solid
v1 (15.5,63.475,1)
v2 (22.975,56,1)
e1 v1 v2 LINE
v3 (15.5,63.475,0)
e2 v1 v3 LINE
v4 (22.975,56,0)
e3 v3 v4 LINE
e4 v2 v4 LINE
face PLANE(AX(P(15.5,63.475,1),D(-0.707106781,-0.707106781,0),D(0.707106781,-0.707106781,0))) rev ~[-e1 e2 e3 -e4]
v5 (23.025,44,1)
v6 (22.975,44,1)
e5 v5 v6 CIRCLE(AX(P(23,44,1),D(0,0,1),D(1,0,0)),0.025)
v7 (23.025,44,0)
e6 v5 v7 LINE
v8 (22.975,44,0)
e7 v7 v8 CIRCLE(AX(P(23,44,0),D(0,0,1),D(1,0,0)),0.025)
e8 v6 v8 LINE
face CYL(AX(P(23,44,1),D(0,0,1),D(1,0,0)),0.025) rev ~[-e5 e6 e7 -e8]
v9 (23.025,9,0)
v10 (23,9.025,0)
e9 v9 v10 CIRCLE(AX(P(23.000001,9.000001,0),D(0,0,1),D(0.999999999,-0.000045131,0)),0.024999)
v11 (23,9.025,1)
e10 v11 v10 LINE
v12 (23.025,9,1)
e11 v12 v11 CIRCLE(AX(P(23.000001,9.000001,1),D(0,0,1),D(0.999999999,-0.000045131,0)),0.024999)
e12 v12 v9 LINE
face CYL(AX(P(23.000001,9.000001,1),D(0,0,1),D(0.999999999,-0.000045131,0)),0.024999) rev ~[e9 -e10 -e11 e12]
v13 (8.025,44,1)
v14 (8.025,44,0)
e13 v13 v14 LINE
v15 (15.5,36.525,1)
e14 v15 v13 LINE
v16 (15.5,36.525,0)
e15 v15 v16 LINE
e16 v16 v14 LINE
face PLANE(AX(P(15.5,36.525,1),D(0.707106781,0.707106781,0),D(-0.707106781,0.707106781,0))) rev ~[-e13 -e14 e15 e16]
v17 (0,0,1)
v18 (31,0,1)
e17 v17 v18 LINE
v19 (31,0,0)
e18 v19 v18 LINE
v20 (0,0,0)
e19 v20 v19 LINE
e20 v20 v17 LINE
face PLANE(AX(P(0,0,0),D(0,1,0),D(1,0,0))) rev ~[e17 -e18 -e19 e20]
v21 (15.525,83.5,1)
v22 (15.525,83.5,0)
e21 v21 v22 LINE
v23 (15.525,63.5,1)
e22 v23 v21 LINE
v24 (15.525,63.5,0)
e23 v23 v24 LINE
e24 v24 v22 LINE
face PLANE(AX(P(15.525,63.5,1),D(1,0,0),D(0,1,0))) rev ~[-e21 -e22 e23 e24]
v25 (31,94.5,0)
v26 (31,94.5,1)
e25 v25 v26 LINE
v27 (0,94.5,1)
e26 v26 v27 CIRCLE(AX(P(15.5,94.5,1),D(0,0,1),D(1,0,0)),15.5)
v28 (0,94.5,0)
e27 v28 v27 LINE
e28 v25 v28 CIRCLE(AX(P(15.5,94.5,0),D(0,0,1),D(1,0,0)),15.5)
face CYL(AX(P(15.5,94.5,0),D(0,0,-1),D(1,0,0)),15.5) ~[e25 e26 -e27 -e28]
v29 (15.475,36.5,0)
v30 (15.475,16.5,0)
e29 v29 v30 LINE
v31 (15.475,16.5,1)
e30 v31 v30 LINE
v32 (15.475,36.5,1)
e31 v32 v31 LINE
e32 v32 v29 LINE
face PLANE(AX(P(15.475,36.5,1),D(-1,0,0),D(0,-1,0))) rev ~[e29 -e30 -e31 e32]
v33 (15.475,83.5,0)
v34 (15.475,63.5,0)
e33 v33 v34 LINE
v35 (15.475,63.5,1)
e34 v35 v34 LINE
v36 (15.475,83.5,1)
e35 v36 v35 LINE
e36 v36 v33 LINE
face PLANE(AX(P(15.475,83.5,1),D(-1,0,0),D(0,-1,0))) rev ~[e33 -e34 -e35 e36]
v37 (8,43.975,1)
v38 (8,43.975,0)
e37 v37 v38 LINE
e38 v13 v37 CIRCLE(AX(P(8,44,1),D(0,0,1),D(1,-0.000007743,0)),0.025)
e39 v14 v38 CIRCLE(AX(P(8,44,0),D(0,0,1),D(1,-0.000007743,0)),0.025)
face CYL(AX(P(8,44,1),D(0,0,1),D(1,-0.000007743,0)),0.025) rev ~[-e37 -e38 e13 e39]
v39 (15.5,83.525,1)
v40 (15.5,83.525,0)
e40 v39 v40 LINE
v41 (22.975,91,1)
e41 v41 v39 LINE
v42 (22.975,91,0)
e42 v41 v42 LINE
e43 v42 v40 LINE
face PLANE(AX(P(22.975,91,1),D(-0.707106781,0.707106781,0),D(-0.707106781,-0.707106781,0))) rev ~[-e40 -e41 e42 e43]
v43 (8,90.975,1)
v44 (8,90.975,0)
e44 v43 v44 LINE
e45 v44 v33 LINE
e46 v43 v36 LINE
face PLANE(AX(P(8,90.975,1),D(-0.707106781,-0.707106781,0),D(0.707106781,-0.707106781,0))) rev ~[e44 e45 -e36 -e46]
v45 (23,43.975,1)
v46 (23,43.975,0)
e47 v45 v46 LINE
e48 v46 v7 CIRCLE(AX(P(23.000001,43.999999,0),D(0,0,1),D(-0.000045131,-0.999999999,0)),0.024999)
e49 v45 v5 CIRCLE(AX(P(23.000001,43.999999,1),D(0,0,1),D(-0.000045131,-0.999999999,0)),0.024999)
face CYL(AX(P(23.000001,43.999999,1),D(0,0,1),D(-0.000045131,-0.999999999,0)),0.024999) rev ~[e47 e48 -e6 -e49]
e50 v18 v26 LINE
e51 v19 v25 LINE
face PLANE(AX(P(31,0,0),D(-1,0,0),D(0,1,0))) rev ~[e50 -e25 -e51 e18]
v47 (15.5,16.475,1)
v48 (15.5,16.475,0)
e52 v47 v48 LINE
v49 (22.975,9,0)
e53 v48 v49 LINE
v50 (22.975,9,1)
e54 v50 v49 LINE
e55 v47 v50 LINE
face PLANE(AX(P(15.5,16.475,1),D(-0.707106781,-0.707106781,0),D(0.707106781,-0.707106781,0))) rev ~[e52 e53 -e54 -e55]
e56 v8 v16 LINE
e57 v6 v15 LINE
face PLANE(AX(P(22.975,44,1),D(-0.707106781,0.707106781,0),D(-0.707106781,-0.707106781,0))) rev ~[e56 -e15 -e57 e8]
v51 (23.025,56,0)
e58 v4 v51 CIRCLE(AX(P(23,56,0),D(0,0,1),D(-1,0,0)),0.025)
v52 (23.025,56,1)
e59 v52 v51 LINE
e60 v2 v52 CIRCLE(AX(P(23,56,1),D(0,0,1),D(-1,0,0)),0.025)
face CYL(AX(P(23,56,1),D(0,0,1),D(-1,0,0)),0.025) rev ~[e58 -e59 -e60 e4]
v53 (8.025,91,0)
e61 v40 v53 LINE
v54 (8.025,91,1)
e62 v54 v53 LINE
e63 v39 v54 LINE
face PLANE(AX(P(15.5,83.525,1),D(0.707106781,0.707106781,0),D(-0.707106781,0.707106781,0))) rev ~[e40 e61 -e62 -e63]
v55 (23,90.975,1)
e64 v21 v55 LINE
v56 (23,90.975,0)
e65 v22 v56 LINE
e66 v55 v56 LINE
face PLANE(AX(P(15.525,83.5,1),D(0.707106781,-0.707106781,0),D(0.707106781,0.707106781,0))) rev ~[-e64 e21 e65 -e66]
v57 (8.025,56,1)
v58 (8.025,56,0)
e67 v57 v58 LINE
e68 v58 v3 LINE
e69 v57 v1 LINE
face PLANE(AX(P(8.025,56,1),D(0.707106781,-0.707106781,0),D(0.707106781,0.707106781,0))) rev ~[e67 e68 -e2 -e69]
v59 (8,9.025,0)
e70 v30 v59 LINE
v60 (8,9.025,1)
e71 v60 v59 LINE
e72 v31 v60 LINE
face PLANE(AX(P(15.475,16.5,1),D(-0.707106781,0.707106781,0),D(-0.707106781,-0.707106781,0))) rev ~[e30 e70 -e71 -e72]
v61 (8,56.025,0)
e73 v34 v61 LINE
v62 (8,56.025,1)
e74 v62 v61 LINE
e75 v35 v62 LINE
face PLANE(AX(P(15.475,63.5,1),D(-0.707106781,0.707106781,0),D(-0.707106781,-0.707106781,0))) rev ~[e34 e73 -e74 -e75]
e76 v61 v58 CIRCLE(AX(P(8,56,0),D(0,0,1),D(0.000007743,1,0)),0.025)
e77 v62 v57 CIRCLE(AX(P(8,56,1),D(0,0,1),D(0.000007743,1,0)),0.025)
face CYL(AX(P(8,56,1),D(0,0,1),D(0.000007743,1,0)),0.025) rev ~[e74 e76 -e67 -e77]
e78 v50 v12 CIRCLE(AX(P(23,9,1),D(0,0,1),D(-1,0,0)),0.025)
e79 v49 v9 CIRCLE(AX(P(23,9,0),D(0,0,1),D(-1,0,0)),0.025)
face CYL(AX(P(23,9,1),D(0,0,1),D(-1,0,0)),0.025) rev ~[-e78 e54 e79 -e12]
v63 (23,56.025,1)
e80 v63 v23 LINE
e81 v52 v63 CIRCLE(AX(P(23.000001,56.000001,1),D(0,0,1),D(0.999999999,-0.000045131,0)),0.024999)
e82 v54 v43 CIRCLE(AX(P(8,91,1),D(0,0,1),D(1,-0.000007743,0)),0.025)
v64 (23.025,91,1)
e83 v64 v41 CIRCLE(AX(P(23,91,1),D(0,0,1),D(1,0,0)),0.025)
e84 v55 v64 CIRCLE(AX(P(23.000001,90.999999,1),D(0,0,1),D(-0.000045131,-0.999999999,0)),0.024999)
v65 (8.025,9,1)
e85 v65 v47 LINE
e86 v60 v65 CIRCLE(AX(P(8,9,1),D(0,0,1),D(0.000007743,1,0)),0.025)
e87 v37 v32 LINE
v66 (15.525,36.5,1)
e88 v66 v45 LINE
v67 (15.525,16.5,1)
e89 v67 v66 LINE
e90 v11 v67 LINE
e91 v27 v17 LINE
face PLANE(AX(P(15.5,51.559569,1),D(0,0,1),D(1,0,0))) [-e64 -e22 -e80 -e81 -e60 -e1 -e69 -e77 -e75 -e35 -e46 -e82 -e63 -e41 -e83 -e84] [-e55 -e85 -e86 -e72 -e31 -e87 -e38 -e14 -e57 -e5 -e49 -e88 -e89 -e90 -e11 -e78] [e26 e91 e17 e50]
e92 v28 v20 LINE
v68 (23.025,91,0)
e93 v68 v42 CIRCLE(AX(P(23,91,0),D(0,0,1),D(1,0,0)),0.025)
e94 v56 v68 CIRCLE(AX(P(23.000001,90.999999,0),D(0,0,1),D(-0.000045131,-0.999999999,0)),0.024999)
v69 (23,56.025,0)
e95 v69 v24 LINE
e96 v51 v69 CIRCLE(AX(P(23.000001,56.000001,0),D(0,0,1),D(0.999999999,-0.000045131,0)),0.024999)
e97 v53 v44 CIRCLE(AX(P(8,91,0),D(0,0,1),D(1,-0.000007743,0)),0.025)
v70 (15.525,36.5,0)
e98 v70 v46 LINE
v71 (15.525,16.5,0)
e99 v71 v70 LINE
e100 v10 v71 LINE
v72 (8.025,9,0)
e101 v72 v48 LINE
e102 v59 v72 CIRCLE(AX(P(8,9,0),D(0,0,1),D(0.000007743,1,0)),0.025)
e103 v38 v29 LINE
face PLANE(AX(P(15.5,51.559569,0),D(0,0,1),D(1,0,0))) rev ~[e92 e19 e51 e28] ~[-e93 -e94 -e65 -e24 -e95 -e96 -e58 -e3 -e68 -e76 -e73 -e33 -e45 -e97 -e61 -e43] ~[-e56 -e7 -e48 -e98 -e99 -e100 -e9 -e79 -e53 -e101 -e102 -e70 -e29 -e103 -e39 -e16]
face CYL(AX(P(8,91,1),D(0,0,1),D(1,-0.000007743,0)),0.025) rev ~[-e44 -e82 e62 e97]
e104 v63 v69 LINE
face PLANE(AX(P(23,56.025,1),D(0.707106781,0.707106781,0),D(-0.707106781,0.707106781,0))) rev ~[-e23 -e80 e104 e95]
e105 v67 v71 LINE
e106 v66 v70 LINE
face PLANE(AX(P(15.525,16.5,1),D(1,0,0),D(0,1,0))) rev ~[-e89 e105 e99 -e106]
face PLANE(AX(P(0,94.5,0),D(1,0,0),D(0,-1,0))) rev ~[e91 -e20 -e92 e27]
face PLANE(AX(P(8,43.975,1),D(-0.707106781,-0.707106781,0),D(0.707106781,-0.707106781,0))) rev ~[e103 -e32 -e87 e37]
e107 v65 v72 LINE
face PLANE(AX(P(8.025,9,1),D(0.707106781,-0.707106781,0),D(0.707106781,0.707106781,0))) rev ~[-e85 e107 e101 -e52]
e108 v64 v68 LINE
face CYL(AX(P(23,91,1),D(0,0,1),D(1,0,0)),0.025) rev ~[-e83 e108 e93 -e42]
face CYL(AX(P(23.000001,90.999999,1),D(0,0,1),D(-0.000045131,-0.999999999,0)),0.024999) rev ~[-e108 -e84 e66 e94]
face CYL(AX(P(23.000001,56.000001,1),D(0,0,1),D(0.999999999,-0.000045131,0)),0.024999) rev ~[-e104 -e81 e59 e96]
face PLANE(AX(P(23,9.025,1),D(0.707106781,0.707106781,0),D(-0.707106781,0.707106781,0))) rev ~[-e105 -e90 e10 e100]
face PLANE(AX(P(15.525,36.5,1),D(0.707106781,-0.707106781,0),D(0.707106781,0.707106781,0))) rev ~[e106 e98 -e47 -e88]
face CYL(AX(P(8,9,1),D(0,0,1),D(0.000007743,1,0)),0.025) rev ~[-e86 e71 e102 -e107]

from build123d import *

# Parameters (mm, degrees)
F1_DEPTH = 1
F3_DEPTH = 25


with BuildPart() as f1:
    # F0 (on Top) → F1 (new body)
    with BuildSketch(Plane.XY):
        with BuildLine():
            Line((0, 94.5), (0, 0))
            Line((0, 0), (31, 0))
            Line((31, 0), (31, 94.5))
            ThreePointArc((31, 94.5), (15.5, 110), (0, 94.5))
        make_face()
    extrude(amount=F1_DEPTH)

    # F2 (on face) → F3 (cut)
    with BuildSketch(Plane.XY.offset(1)):
        with BuildLine():
            ThreePointArc((8, 43.975), (8.017678, 43.982322), (8.025, 44))
            ThreePointArc((8.025, 44), (7.982322, 44.017678), (8, 43.975))
        make_face()
        with BuildLine():
            Line((15.5, 36.525), (8.025, 44))
            ThreePointArc((8.025, 44), (8.017678, 43.982322), (8, 43.975))
            Line((8, 43.975), (15.475, 36.5))
            Line((15.475, 36.5), (15.475, 16.5))
            Line((15.475, 16.5), (8, 9.025))
            ThreePointArc((8, 9.025), (8.017678, 9.017678), (8.025, 9))
            Line((8.025, 9), (15.5, 16.475))
            Line((15.5, 16.475), (22.975, 9))
            ThreePointArc((22.975, 9), (22.982322, 9.017678), (23, 9.025))
            Line((23, 9.025), (15.525, 16.5))
            Line((15.525, 16.5), (15.525, 36.5))
            Line((15.525, 36.5), (23, 43.975))
            ThreePointArc((23, 43.975), (22.982322, 43.982322), (22.975, 44))
            Line((22.975, 44), (15.5, 36.525))
        make_face()
        with BuildLine():
            ThreePointArc((23.025, 44), (23, 44.025), (22.975, 44))
            ThreePointArc((22.975, 44), (22.982322, 43.982322), (23, 43.975))
            ThreePointArc((23, 43.975), (23.017678, 43.982322), (23.025, 44))
        make_face()
        with BuildLine():
            ThreePointArc((8.025, 9), (8.017678, 9.017678), (8, 9.025))
            ThreePointArc((8, 9.025), (7.982322, 8.982322), (8.025, 9))
        make_face()
        with BuildLine():
            ThreePointArc((23.025, 9), (23.017678, 9.017678), (23, 9.025))
            ThreePointArc((23, 9.025), (22.982322, 9.017678), (22.975, 9))
            ThreePointArc((22.975, 9), (23, 8.975), (23.025, 9))
        make_face()
        with BuildLine():
            Line((8, 90.975), (15.475, 83.5))
            Line((15.475, 83.5), (15.475, 63.5))
            Line((15.475, 63.5), (8, 56.025))
            ThreePointArc((8, 56.025), (8.017678, 56.017678), (8.025, 56))
            Line((8.025, 56), (15.5, 63.475))
            Line((15.5, 63.475), (22.975, 56))
            ThreePointArc((22.975, 56), (22.982322, 56.017678), (23, 56.025))
            Line((23, 56.025), (15.525, 63.5))
            Line((15.525, 63.5), (15.525, 83.5))
            Line((15.525, 83.5), (23, 90.975))
            ThreePointArc((23, 90.975), (22.982322, 90.982322), (22.975, 91))
            Line((22.975, 91), (15.5, 83.525))
            Line((15.5, 83.525), (8.025, 91))
            ThreePointArc((8.025, 91), (8.017678, 90.982322), (8, 90.975))
        make_face()
        with BuildLine():
            ThreePointArc((8.025, 91), (7.982322, 91.017678), (8, 90.975))
            ThreePointArc((8, 90.975), (8.017678, 90.982322), (8.025, 91))
        make_face()
        with BuildLine():
            ThreePointArc((8.025, 56), (8.017678, 56.017678), (8, 56.025))
            ThreePointArc((8, 56.025), (7.982322, 55.982322), (8.025, 56))
        make_face()
        with BuildLine():
            ThreePointArc((23.025, 91), (23, 91.025), (22.975, 91))
            ThreePointArc((22.975, 91), (22.982322, 90.982322), (23, 90.975))
            ThreePointArc((23, 90.975), (23.017678, 90.982322), (23.025, 91))
        make_face()
        with BuildLine():
            ThreePointArc((23, 56.025), (22.982322, 56.017678), (22.975, 56))
            ThreePointArc((22.975, 56), (23, 55.975), (23.025, 56))
            ThreePointArc((23.025, 56), (23.017678, 56.017678), (23, 56.025))
        make_face()
    extrude(amount=-F3_DEPTH, mode=Mode.SUBTRACT)


solid = f1.part
